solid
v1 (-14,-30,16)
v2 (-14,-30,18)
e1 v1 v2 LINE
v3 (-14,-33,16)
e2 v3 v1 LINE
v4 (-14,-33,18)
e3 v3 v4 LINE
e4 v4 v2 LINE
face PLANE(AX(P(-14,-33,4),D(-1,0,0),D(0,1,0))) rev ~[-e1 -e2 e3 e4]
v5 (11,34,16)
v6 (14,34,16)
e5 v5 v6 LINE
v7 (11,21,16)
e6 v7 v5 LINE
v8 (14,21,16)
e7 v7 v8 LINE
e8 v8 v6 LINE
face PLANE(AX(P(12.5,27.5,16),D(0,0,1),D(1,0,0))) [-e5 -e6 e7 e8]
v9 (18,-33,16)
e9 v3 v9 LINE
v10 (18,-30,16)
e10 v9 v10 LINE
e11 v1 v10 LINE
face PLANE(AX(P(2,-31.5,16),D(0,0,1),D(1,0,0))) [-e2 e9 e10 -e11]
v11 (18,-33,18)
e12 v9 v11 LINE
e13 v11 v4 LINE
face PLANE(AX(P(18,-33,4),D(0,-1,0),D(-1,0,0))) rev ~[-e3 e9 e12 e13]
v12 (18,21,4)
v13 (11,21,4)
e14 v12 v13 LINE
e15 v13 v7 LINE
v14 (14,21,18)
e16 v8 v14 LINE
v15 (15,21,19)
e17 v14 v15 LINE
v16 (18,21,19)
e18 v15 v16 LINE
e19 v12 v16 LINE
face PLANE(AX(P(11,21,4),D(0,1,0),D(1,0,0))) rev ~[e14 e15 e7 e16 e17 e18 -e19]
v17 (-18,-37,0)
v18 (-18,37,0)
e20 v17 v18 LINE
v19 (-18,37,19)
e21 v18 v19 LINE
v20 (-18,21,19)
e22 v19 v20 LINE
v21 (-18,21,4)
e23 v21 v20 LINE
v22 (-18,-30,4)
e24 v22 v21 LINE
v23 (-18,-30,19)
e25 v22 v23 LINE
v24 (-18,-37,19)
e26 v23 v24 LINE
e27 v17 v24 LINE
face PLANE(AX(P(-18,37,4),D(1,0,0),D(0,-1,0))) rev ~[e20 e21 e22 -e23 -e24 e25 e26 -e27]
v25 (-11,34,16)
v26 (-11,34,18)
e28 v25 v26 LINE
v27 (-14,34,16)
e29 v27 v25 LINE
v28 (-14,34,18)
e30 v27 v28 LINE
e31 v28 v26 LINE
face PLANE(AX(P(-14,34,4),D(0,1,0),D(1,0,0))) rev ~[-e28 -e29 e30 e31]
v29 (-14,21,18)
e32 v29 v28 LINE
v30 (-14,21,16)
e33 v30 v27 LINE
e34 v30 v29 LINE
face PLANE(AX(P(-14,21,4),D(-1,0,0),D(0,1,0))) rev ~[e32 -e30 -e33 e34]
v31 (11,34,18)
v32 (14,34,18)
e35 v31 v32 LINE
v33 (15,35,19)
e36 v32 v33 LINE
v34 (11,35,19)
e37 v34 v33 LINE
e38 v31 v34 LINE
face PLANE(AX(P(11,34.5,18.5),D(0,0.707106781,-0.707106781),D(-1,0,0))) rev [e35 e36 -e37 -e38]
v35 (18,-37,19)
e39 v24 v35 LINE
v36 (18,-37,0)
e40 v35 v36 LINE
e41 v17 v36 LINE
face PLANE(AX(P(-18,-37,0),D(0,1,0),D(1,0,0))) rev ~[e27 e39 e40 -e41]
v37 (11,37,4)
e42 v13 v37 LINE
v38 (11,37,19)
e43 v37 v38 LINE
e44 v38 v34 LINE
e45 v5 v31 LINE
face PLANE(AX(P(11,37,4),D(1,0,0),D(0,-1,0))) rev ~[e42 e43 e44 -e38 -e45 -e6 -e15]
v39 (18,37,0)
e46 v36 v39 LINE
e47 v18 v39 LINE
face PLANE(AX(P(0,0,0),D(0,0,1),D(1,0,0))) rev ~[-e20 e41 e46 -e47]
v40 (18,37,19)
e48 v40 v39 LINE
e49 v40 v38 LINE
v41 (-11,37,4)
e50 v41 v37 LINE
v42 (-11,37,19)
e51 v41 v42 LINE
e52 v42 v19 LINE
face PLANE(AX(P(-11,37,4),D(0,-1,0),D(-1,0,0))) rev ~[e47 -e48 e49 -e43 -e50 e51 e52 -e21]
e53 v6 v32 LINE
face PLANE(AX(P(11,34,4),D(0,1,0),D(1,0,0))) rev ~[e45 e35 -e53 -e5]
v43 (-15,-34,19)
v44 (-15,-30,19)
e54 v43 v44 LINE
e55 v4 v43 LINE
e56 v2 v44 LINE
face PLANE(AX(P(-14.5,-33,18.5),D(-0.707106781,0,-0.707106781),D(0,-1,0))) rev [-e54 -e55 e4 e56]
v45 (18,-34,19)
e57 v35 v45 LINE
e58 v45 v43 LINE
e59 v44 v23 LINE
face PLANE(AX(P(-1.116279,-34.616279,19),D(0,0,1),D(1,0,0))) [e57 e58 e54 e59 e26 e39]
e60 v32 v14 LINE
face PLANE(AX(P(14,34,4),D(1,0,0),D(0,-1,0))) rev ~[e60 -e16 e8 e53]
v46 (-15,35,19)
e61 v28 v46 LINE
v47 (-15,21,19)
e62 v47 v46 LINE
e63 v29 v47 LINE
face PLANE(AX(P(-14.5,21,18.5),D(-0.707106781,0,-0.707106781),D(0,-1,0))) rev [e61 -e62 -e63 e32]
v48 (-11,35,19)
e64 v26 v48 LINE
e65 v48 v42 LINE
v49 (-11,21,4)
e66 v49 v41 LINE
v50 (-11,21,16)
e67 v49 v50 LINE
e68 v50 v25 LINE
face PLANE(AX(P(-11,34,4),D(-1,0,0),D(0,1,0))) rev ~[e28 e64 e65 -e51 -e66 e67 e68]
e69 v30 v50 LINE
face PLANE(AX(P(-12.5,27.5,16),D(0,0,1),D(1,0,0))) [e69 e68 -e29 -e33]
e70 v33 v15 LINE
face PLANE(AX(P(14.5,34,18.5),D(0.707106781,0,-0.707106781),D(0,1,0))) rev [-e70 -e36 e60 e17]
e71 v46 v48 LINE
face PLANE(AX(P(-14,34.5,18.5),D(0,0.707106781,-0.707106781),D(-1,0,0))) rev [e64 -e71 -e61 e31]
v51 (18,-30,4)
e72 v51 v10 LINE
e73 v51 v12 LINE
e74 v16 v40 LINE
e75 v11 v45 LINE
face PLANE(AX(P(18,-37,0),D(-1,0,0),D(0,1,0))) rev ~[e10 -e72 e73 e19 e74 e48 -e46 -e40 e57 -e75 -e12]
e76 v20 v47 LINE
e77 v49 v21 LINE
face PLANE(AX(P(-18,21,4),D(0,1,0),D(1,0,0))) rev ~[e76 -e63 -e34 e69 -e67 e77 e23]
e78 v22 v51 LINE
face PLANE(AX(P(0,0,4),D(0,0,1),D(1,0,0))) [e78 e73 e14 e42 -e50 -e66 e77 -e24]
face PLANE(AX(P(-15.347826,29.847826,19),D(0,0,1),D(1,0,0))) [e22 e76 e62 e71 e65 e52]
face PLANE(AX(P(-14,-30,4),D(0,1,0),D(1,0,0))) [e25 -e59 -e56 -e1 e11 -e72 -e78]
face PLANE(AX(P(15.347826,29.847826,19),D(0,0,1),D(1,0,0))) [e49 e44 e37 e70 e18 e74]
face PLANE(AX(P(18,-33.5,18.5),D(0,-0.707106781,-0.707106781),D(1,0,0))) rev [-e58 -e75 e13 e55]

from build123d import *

# Parameters (mm, degrees)
F0_W     = 36
F0_H     = 74
F1_DEPTH = 4
F2_W     = 3
F2_H     = 13
F2_W_2   = 32
F2_H_2   = 3
F3_DEPTH = 12
F4_DEPTH = 15
F5_SIZE  = 1


with BuildPart() as f1:
    # F0 (on Top) → F1 (new body)
    with BuildSketch(Plane.XY):
        Rectangle(F0_W, F0_H)
    extrude(amount=F1_DEPTH)

    # F2 (on face) → F3 (join)
    with BuildSketch(Plane.XY.offset(4)):
        with Locations((-12.5, 27.5)):
            Rectangle(F2_W, F2_H)
        with Locations((12.5, 27.5)):
            Rectangle(F2_W, F2_H)
        with Locations((2, -31.5)):
            Rectangle(F2_W_2, F2_H_2)
    extrude(amount=F3_DEPTH)

    # F2 (on face) → F4 (join)
    with BuildSketch(Plane.XY.offset(4)):
        Polygon((-11, 37), (-18, 37), (-18, 21), (-14, 21), (-14, 34), (-11, 34), align=None)
        Polygon((18, 37), (11, 37), (11, 34), (14, 34), (14, 21), (18, 21), align=None)
        Polygon((-14, -30), (-18, -30), (-18, -37), (18, -37), (18, -33), (-14, -33), align=None)
    extrude(amount=F4_DEPTH)

    # F5
    f5_edges = [f1.edges().sort_by_distance(p)[0] for p in [
        (-14, 27.5, 19),
        (-12.5, 34, 19),
        (12.5, 34, 19),
        (14, 27.5, 19),
        (2, -33, 19),
        (-14, -31.5, 19),
    ]]
    chamfer(f5_edges, length=F5_SIZE)


solid = f1.part
